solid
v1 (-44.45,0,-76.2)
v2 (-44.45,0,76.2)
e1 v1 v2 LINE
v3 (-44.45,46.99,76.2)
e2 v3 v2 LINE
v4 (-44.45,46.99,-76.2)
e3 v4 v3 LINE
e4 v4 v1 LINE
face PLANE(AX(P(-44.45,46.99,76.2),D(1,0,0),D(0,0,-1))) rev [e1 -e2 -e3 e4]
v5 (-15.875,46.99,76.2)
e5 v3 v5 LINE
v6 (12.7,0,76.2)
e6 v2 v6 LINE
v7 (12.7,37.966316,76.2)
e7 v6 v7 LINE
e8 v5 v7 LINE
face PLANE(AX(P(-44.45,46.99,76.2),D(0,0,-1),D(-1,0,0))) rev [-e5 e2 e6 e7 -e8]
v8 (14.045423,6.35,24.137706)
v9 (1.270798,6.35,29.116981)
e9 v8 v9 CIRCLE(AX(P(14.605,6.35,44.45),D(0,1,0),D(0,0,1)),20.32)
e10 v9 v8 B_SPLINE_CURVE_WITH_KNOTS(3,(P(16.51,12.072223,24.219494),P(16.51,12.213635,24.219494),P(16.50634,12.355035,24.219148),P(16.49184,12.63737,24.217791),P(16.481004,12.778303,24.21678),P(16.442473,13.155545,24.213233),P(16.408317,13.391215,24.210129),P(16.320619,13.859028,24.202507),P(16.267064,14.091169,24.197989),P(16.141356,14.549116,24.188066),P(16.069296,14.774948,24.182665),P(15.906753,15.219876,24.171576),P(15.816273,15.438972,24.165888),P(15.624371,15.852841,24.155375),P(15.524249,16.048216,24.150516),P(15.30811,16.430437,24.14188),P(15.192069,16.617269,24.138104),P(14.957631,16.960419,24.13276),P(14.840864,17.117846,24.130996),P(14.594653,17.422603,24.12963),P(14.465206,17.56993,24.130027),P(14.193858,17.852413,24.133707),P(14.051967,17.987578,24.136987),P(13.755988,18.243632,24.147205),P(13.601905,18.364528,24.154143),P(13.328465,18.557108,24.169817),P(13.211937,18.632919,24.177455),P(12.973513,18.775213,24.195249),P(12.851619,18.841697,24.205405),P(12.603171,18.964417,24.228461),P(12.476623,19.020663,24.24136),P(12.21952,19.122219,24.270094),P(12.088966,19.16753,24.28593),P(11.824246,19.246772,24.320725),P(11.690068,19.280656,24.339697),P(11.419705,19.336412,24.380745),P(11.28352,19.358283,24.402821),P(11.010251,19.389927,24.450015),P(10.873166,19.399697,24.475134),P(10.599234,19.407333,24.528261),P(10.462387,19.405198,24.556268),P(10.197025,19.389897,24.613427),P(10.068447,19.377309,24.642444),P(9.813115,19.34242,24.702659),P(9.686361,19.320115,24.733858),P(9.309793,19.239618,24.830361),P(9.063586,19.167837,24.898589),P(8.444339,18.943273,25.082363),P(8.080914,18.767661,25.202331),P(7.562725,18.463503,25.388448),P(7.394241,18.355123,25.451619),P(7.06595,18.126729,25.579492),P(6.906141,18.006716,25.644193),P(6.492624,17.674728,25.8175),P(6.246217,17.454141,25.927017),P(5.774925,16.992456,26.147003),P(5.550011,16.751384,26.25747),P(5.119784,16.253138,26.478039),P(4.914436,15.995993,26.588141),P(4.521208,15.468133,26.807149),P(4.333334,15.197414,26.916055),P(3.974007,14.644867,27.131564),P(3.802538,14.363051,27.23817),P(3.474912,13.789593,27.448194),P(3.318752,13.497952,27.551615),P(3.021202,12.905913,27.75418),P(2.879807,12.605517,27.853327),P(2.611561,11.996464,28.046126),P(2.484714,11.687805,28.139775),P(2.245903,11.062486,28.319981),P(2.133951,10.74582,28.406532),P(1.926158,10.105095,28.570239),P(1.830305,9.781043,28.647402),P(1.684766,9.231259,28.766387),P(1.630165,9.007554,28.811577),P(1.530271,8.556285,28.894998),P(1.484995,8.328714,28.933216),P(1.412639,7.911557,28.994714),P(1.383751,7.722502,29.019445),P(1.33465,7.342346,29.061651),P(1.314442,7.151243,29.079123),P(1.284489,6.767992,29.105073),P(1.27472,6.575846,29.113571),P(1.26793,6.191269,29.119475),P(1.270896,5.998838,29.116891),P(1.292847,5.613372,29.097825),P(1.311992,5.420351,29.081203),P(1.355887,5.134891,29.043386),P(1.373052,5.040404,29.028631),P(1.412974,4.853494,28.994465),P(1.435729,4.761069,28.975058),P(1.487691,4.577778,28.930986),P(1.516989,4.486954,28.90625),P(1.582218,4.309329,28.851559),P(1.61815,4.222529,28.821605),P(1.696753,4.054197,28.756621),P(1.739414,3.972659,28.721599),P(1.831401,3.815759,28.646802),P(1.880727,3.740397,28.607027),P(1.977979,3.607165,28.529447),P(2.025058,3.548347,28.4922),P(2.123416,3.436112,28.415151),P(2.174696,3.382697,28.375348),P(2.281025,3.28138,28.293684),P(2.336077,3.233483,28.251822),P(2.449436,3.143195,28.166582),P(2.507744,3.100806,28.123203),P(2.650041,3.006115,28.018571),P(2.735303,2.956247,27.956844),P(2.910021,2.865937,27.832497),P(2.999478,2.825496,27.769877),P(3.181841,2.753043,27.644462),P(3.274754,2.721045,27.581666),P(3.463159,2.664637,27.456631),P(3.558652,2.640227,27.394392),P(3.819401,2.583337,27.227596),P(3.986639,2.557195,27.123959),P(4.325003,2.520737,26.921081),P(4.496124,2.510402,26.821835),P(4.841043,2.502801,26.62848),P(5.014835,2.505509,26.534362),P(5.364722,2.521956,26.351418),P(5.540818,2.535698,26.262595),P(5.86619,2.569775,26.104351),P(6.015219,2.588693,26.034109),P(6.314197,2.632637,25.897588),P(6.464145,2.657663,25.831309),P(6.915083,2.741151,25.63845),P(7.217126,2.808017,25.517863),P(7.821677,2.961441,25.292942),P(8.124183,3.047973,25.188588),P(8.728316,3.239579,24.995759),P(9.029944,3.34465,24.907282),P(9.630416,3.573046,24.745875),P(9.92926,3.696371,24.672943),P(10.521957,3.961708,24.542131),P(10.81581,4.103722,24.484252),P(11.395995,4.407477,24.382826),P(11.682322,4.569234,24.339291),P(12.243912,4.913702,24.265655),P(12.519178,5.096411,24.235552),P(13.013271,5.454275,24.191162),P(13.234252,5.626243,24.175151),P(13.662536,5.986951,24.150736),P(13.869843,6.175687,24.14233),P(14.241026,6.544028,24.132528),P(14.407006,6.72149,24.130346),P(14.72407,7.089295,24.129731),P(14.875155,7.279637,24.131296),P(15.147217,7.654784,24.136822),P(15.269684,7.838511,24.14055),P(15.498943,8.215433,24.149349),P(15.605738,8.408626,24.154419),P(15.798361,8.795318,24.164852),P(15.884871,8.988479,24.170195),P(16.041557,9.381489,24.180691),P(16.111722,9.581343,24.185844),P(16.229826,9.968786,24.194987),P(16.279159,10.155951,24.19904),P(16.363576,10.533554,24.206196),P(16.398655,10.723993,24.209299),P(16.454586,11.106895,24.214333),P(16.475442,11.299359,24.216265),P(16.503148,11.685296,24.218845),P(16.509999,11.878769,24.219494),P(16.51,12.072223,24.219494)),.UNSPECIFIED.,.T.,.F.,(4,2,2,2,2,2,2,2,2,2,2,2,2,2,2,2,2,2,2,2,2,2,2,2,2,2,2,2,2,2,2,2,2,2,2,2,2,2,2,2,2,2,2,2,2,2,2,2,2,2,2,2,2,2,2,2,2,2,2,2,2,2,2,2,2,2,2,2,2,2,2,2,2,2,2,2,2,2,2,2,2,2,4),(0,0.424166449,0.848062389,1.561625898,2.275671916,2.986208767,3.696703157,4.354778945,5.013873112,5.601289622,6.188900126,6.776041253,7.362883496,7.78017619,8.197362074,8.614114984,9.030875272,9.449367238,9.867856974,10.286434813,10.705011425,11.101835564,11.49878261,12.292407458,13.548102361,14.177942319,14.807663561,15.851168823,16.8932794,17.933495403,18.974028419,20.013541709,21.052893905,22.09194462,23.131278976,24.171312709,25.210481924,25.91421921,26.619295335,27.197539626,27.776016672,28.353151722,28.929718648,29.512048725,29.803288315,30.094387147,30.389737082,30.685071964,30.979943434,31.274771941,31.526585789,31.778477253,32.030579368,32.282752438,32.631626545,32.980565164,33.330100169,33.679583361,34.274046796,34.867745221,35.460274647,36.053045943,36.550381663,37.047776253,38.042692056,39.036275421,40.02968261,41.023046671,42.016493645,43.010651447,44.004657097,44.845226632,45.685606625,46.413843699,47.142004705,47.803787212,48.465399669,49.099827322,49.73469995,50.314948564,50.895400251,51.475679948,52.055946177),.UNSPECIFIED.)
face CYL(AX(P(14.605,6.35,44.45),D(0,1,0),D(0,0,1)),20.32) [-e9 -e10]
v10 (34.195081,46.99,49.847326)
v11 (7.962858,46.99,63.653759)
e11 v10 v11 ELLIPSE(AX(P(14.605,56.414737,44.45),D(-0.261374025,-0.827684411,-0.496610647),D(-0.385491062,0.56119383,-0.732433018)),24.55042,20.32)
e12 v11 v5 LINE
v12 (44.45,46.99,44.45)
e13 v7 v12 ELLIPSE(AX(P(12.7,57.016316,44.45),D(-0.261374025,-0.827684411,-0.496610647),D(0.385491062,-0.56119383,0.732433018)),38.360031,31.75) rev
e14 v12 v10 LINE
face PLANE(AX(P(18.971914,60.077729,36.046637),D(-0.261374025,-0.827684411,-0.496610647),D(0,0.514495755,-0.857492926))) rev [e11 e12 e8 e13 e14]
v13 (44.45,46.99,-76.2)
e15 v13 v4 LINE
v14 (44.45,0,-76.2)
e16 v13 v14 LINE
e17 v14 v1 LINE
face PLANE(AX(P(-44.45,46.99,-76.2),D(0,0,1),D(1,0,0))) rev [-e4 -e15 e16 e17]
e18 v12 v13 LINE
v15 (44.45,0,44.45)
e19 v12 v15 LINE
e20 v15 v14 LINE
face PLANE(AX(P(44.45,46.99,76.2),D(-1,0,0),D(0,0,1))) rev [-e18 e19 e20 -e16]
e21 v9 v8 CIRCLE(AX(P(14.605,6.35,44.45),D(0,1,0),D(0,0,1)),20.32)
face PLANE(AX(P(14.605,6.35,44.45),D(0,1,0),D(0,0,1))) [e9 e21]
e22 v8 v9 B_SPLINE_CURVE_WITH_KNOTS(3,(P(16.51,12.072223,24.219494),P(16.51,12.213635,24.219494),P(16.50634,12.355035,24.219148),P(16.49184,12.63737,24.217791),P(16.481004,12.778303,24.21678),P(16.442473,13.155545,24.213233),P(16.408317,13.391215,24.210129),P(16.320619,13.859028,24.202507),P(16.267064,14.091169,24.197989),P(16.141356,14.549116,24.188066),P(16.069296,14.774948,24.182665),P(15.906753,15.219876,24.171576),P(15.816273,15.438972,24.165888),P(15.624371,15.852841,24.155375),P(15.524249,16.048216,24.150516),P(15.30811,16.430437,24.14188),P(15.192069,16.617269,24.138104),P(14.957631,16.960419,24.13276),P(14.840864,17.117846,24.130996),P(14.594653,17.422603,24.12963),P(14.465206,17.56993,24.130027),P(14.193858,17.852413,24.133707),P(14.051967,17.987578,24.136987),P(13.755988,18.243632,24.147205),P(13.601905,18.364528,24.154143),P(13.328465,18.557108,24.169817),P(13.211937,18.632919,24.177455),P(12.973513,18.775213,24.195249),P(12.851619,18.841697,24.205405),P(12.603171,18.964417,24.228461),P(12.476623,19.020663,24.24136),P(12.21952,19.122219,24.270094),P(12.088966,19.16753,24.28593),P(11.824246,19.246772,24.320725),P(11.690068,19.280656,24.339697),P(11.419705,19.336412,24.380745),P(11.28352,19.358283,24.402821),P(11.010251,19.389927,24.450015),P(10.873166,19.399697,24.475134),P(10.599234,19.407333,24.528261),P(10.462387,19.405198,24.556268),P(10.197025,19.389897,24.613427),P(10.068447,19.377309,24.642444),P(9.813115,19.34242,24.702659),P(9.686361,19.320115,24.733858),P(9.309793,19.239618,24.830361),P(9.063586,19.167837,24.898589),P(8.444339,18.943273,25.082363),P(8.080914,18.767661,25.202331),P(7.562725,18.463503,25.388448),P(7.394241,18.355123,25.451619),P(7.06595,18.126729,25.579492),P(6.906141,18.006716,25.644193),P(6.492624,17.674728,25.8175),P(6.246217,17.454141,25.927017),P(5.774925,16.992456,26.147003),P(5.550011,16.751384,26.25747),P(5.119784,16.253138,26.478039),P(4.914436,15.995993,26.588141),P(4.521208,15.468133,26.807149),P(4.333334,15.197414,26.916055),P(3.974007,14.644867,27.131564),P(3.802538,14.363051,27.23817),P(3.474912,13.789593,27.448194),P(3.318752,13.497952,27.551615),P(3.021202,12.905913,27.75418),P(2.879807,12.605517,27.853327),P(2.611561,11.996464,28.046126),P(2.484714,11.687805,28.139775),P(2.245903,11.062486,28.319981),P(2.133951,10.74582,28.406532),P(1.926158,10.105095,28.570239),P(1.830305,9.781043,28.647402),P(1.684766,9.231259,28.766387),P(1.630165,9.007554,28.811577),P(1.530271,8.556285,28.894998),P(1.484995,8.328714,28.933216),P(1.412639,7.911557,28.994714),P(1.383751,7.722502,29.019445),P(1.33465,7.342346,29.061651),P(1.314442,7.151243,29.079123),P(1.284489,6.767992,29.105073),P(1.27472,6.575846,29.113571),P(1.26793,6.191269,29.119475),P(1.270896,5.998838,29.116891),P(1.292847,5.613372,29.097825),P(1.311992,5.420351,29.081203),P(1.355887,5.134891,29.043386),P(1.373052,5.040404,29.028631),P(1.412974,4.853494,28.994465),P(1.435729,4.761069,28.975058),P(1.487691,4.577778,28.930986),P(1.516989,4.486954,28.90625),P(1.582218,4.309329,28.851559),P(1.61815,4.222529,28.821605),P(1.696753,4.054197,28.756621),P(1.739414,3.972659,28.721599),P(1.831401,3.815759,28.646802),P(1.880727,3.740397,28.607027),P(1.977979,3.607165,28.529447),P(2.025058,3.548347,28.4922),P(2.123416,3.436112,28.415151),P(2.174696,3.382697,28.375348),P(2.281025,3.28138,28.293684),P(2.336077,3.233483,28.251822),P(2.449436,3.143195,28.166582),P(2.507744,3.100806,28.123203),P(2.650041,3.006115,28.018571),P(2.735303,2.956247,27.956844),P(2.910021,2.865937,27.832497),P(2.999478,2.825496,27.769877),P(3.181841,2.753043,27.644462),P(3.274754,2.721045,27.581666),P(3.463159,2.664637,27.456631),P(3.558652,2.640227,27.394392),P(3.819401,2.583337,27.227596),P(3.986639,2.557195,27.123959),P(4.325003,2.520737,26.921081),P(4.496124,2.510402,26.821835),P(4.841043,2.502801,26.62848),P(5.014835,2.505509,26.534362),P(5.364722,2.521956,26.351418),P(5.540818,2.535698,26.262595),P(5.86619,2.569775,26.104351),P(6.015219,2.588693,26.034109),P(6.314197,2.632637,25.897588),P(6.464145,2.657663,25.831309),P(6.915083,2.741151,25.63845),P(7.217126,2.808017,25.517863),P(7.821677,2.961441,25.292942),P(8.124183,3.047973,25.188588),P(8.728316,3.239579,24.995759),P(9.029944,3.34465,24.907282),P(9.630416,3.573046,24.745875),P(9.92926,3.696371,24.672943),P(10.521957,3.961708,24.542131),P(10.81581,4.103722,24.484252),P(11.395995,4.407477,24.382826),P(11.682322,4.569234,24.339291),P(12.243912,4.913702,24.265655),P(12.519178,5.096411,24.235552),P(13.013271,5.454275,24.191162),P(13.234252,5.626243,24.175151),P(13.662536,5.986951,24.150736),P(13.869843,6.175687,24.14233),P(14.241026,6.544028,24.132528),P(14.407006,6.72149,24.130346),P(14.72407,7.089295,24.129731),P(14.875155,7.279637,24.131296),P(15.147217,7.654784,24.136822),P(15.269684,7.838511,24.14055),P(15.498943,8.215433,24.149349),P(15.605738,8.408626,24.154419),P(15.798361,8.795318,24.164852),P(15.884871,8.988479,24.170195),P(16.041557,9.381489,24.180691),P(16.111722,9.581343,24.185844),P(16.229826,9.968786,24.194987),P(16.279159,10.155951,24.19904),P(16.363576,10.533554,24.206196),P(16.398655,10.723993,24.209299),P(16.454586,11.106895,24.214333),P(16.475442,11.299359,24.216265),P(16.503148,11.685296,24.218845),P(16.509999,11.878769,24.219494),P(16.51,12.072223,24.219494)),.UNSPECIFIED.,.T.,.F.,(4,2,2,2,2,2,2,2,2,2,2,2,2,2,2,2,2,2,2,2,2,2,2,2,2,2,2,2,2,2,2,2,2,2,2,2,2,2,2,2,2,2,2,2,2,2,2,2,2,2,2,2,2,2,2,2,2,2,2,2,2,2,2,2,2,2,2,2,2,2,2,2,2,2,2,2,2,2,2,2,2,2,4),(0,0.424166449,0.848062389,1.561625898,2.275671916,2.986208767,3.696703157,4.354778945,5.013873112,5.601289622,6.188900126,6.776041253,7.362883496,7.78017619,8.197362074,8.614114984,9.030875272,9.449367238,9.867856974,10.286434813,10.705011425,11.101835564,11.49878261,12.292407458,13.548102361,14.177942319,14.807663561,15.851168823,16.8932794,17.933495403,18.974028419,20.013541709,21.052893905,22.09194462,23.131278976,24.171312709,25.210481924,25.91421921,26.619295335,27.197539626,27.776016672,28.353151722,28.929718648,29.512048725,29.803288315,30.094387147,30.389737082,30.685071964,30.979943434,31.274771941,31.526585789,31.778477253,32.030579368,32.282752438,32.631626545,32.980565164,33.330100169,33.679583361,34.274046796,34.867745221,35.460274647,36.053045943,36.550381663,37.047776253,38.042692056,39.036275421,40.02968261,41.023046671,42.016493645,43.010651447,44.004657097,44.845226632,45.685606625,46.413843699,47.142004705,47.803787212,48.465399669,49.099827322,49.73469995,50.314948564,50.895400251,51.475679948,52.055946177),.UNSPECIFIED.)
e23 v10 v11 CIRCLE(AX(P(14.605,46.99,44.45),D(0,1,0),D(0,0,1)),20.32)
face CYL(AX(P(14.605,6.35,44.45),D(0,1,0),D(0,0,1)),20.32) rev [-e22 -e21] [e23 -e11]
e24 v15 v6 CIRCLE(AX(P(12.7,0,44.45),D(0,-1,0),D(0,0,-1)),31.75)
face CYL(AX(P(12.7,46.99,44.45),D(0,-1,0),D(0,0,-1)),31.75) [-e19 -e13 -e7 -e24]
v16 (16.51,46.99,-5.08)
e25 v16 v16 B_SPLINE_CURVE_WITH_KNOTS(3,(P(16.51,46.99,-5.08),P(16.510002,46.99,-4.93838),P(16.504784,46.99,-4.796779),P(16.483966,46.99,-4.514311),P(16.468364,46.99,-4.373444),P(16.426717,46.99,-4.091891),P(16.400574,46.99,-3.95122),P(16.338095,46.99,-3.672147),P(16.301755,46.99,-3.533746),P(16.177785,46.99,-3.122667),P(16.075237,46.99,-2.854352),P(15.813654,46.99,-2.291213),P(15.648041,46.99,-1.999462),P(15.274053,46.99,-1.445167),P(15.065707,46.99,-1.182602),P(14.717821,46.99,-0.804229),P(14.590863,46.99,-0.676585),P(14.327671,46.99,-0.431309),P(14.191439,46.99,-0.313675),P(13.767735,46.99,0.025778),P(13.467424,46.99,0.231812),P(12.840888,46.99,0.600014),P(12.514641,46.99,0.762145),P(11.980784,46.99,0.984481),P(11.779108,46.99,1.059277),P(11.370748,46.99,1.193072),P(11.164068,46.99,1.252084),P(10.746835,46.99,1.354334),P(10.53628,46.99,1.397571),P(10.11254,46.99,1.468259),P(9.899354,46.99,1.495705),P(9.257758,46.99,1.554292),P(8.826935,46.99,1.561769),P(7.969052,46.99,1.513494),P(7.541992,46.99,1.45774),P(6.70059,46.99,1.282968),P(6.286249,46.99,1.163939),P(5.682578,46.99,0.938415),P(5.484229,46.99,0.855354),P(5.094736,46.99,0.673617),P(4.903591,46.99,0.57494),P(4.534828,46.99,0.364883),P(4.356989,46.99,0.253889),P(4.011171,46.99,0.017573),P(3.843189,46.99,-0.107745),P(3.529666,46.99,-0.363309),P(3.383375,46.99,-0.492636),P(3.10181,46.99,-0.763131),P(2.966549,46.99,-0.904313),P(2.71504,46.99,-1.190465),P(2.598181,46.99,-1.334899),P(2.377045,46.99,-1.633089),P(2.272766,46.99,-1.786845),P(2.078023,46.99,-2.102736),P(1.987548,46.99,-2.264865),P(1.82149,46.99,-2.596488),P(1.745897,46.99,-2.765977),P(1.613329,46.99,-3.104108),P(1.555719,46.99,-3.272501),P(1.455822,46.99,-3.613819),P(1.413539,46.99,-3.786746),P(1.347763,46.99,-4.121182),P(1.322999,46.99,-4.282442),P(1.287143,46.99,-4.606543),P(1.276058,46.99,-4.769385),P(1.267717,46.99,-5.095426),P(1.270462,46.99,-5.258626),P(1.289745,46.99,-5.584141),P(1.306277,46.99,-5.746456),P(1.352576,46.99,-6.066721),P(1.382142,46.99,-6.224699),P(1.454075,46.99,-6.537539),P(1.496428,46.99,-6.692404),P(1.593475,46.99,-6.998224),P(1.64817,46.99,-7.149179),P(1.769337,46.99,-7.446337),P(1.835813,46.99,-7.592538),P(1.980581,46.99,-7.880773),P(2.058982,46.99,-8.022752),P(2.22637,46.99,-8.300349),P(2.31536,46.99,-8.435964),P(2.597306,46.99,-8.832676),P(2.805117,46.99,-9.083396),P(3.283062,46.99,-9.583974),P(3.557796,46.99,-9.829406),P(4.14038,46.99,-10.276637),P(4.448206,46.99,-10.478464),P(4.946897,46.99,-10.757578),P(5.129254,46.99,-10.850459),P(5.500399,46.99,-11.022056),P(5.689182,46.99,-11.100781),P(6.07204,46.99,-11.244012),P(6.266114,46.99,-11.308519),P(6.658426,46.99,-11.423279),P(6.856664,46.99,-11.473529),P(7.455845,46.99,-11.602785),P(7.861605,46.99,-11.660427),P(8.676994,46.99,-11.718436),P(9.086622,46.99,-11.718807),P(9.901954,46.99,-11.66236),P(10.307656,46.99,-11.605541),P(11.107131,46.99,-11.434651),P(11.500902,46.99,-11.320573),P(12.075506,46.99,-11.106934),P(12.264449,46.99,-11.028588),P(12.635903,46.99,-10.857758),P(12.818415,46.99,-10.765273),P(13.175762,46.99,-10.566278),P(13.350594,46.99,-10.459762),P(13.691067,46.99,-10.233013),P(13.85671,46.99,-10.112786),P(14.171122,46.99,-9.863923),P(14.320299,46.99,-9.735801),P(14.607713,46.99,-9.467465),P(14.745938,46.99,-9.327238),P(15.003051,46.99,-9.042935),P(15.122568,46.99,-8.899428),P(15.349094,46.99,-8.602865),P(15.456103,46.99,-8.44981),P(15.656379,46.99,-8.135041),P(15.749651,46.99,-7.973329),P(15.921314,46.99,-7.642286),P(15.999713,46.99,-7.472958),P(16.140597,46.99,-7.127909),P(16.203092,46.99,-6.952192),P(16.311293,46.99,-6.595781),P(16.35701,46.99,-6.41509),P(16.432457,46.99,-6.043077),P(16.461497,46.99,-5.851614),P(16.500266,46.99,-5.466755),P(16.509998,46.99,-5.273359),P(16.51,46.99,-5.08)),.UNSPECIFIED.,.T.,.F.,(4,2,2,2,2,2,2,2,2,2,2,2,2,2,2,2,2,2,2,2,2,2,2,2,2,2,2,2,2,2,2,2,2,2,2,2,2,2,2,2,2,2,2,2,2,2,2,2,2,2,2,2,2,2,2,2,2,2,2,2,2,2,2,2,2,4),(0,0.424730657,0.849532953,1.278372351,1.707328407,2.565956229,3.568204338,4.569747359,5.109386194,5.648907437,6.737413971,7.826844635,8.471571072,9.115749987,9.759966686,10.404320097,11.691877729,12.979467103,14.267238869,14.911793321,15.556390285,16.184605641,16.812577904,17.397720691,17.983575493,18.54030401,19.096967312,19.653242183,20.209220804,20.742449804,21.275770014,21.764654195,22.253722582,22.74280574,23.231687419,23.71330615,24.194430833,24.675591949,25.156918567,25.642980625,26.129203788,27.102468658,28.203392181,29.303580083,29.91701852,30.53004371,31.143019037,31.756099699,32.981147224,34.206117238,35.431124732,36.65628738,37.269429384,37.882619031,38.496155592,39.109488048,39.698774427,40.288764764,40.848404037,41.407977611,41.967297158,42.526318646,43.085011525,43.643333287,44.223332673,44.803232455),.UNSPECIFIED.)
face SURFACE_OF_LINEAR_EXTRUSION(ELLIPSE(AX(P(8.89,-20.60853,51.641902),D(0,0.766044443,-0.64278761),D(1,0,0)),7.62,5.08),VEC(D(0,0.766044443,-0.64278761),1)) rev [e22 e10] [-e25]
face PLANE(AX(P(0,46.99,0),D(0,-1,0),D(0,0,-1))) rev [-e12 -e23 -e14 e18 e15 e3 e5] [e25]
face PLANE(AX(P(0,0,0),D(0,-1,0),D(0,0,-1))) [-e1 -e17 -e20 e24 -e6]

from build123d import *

# Parameters (mm, degrees)
SKETCH1_W               = 88.9
SKETCH1_H               = 152.4
BOSS_EXTRUDE1_DEPTH     = 46.99
FILLET1_R               = 31.75
CUT_EXTRUDE1_DEPTH      = 143.235650654
SKETCH6_R               = 20.32
CUT_EXTRUDE2_DEPTH      = 40.64
CUT_EXTRUDE3_REACH      = 154.734
CUT_EXTRUDE3_END_RADIUS = 20.32
SKETCH14_RX             = 7.62
SKETCH14_RY             = 5.08


with BuildPart() as part:
    # Sketch1 → Boss-Extrude1 (new body)
    with BuildSketch(Plane(origin=(0, 0, 0), x_dir=(1, 0, 0), z_dir=(0, 1, 0))):
        Rectangle(SKETCH1_W, SKETCH1_H)
    extrude(amount=BOSS_EXTRUDE1_DEPTH)

    # Fillet1
    fillet1_edges = [part.edges().sort_by_distance(p)[0] for p in [
        (44.45, 23.495, 76.2),
    ]]
    fillet(fillet1_edges, radius=FILLET1_R)

    # Sketch11 → Cut-Extrude1 (cut, through all)
    with BuildSketch(Plane(origin=(18.971914377, 60.07772886, 36.046637316), x_dir=(0.9652375973044347, -0.2241263770830731, -0.13447582624984392), z_dir=(0.2613740246274715, 0.8276844113203264, 0.49661064679219535))):
        Polygon((-36.101903277, -41.164805392), (26.395662264, -50.965949533), (26.395662264, -13.939405), align=None)
    extrude(amount=CUT_EXTRUDE1_DEPTH, mode=Mode.SUBTRACT)

    # Sketch6 → Cut-Extrude2 (cut)
    with BuildSketch(Plane(origin=(0, 46.99, 0), x_dir=(1, 0, 0), z_dir=(0, 1, 0))):
        with Locations(Location((14.605, -44.45, 0), (0, 0, 270))):
            Circle(SKETCH6_R)
    extrude(amount=-CUT_EXTRUDE2_DEPTH, mode=Mode.SUBTRACT)

    # Cut-Extrude3: up to this cylinder (the profile starts outside it)
    cut_extrude3_end = Plane(origin=(14.605, 82.009764, 44.45), z_dir=(0, 1, 0)) * Cylinder(CUT_EXTRUDE3_END_RADIUS, 351.108, mode=Mode.PRIVATE)
    # Sketch14 → Cut-Extrude3 (cut, up to the surface)
    with BuildSketch(Plane(origin=(0, 65.096039324, -54.622062588), x_dir=(-1, 0, 0), z_dir=(0, 0.7660444431189772, -0.6427876096865403)), mode=Mode.PRIVATE) as cut_extrude3_sk1:
        with Locations(Location((-8.89, 26.313084008), (0, 0, 180))):
            Ellipse(SKETCH14_RX, SKETCH14_RY)
    cut_extrude3_tool1 = extrude(cut_extrude3_sk1.sketch, amount=-CUT_EXTRUDE3_REACH, mode=Mode.PRIVATE) - cut_extrude3_end
    add(cut_extrude3_tool1.solids().sort_by_distance((8.89, 82.009764, -34.465071))[0], mode=Mode.SUBTRACT)


solid = part.part
